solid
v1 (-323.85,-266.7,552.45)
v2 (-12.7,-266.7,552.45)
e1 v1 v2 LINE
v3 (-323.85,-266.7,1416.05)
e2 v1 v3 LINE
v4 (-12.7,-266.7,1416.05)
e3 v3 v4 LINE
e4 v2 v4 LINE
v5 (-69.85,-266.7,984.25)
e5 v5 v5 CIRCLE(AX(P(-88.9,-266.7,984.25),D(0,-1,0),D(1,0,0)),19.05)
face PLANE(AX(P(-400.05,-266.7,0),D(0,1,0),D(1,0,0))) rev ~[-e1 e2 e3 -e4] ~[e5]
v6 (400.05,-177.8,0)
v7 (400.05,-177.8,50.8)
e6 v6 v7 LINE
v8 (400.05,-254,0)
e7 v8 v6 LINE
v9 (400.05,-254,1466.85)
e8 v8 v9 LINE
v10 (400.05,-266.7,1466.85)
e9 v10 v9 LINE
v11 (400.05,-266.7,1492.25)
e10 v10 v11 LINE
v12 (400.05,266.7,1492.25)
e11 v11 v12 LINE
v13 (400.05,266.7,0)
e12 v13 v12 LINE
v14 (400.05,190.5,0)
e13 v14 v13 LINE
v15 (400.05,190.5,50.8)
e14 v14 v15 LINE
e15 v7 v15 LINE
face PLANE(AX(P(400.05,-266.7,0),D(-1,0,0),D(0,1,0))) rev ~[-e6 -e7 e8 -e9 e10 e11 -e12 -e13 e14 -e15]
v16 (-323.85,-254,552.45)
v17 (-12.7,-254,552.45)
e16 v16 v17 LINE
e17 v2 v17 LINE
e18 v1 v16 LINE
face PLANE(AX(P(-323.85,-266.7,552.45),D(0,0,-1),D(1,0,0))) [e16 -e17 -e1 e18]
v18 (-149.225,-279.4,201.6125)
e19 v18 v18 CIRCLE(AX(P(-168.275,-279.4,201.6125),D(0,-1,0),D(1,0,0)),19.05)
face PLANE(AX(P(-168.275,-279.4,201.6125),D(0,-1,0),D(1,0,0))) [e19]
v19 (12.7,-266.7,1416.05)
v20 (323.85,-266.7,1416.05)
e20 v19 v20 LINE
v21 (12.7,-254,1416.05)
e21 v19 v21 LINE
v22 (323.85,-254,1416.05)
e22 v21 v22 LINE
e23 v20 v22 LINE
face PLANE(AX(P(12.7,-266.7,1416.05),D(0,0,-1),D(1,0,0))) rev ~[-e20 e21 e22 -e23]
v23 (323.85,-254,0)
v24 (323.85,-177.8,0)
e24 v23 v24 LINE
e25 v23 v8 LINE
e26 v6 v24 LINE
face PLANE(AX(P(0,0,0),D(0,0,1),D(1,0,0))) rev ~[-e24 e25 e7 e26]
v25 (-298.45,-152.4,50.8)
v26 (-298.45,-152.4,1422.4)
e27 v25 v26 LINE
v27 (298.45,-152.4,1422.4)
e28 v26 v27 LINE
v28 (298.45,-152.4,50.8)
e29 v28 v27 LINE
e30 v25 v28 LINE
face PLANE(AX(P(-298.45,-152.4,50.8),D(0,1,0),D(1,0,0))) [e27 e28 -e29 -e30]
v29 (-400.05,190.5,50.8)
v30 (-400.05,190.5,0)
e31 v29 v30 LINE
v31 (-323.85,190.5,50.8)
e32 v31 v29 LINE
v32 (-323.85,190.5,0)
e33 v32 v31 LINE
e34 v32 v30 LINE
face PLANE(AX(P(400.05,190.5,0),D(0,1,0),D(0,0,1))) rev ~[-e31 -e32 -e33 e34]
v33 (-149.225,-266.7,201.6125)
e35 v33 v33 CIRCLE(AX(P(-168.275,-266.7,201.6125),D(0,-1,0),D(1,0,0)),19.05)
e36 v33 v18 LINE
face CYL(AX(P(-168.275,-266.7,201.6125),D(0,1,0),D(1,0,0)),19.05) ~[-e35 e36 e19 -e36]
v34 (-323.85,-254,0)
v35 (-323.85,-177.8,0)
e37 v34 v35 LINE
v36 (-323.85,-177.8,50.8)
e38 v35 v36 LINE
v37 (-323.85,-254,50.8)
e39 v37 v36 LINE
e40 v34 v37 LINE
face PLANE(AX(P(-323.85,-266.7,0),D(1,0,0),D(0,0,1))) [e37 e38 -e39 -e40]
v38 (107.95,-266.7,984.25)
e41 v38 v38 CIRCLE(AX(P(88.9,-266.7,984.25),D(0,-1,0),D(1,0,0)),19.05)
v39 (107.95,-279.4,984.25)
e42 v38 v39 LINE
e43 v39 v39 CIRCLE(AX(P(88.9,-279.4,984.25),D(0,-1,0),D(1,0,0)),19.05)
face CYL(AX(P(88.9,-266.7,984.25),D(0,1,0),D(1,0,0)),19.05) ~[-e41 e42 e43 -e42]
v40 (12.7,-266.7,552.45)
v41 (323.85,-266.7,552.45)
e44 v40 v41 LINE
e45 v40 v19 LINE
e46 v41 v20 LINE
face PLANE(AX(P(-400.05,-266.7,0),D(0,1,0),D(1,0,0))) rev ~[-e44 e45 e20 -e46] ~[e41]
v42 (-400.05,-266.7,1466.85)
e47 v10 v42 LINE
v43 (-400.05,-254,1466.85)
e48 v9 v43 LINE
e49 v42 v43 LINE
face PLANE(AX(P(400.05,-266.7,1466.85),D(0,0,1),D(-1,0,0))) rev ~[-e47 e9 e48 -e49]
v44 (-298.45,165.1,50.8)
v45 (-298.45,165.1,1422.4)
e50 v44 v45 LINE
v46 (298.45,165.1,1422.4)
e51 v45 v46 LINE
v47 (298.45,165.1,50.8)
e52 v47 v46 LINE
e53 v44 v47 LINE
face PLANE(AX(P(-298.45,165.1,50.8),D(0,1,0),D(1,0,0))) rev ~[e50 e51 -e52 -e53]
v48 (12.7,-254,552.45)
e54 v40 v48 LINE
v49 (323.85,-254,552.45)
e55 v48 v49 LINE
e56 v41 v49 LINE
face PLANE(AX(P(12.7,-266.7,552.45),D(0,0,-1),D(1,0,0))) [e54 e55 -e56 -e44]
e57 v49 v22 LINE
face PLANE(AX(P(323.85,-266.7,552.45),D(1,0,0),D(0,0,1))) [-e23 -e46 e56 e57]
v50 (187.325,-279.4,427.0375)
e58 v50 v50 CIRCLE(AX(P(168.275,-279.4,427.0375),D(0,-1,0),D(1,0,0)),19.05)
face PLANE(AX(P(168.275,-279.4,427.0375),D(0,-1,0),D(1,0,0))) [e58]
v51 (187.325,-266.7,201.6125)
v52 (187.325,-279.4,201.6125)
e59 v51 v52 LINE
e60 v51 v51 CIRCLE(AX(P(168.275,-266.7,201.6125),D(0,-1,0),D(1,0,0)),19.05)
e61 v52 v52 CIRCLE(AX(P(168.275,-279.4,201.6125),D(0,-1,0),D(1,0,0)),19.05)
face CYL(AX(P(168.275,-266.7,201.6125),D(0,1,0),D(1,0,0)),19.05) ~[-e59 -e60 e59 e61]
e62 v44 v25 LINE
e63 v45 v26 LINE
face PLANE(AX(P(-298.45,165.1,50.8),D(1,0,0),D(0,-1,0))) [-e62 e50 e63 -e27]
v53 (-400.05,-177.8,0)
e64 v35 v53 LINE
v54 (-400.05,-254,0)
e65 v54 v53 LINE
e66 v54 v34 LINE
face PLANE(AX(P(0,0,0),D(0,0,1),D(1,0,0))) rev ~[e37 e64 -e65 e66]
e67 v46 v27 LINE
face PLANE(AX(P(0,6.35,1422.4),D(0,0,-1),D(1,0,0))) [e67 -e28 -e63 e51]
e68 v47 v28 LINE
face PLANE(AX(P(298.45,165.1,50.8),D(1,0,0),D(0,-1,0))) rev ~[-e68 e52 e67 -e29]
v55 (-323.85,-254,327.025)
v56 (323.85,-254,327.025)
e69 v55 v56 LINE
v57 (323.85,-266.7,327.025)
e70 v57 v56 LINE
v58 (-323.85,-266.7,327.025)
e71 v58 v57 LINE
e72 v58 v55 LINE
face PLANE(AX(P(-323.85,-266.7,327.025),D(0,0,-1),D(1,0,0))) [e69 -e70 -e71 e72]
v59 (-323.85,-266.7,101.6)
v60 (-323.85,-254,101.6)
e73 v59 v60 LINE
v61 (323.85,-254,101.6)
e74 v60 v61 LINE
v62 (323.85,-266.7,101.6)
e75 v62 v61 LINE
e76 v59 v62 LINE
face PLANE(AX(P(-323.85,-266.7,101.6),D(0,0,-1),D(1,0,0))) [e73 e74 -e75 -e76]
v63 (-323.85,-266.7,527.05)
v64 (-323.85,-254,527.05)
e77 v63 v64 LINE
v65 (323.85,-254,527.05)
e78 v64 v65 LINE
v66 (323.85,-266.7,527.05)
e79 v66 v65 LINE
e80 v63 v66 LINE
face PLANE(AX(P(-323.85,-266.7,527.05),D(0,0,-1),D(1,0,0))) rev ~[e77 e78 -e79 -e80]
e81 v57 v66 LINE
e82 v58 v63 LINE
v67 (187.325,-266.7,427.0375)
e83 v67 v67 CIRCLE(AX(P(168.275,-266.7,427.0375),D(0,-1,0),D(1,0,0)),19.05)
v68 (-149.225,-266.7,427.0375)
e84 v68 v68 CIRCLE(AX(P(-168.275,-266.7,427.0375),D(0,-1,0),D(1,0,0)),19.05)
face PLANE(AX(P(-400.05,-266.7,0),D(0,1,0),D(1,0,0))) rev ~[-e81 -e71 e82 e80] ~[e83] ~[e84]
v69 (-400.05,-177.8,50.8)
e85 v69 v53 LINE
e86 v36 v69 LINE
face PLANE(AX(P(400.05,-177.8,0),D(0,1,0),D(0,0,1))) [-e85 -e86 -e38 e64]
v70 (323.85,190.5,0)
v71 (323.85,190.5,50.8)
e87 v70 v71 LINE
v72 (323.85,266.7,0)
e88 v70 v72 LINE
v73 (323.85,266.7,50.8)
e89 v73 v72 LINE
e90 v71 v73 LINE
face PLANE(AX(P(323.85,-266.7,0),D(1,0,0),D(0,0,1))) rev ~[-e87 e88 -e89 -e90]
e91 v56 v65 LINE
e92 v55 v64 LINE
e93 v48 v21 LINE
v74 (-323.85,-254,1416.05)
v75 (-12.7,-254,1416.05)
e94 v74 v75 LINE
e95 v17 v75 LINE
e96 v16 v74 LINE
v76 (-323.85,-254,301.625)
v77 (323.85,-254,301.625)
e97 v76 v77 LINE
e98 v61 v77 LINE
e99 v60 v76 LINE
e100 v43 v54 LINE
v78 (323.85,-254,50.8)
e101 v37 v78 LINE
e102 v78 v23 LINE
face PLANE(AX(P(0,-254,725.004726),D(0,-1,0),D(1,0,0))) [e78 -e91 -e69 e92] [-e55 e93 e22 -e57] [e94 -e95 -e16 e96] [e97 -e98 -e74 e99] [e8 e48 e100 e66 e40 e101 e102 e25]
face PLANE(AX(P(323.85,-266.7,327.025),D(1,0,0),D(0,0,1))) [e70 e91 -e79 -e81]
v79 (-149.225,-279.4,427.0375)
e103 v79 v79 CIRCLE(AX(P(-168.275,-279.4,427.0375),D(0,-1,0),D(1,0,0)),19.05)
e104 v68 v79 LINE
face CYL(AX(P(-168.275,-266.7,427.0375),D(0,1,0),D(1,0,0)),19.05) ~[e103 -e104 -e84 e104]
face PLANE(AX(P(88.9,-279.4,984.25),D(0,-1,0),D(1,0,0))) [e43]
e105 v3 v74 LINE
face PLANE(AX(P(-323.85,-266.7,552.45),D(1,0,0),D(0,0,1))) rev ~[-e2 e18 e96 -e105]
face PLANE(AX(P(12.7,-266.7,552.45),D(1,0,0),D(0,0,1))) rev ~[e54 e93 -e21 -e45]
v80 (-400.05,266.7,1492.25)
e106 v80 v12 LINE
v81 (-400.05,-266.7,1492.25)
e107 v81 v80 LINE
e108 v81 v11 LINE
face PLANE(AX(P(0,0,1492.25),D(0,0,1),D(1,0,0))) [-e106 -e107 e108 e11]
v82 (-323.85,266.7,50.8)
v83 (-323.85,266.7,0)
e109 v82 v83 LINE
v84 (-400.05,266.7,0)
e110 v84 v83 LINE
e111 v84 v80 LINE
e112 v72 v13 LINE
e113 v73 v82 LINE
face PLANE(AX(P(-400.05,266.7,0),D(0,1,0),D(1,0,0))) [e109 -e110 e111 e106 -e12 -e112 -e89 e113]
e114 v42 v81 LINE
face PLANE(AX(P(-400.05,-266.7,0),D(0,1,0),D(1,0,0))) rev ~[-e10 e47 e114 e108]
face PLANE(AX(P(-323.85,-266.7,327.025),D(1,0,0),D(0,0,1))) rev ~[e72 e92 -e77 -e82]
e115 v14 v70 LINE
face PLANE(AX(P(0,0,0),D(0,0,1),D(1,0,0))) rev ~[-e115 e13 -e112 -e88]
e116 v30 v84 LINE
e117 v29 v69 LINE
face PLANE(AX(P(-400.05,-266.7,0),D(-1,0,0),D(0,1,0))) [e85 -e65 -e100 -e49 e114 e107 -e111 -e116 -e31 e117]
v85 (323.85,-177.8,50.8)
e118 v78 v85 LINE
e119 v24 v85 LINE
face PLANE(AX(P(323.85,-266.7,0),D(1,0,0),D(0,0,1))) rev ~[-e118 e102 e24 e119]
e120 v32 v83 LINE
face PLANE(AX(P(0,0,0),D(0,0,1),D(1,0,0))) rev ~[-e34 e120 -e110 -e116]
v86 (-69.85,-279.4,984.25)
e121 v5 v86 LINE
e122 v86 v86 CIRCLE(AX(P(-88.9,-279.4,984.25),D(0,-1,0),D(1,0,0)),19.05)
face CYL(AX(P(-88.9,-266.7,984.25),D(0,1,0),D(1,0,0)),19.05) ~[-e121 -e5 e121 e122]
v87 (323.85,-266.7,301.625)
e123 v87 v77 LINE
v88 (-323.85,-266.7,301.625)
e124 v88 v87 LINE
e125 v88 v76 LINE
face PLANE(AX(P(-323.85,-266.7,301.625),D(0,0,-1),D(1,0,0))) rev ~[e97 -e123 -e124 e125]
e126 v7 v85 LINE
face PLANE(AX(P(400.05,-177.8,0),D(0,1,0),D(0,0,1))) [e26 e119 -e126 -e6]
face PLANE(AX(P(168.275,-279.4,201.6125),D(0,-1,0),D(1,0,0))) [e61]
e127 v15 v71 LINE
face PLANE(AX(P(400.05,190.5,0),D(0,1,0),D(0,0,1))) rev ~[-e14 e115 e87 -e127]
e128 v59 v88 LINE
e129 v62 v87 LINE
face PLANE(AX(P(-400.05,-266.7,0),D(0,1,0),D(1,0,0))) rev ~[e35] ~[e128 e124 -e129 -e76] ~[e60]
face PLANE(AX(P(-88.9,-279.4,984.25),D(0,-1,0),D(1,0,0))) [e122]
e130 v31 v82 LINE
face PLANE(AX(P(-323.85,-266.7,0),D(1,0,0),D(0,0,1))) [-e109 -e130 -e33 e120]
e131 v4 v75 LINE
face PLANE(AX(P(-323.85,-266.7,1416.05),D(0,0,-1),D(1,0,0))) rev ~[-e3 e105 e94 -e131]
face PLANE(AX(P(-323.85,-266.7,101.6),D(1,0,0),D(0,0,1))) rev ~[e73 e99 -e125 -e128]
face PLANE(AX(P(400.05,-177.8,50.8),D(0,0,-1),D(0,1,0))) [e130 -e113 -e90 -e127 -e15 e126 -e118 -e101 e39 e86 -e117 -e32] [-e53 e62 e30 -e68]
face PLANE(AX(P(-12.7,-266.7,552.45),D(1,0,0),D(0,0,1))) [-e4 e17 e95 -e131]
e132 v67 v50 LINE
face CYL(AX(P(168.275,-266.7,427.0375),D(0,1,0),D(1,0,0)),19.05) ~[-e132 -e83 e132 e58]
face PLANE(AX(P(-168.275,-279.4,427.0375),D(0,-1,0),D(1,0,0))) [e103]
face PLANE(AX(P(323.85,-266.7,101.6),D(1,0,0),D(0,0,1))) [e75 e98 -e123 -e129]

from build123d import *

# Parameters (mm, degrees)
F0_W      = 800.1
F0_H      = 533.4
F1_DEPTH  = 1492.25
F2_W      = 647.7
F2_H      = 200.025
F2_W_2    = 311.15
F2_H_2    = 863.6
F3_DEPTH  = 12.7
F2_H_3    = 50.8
F4_DEPTH  = 533.401
F5_W      = 368.3
F5_H      = 50.8
F6_DEPTH  = 800.101
F7_W      = 596.9
F7_H      = 317.5
F8_DEPTH  = 1371.6
F9_R      = 19.05
F10_DEPTH = 12.7


with BuildPart() as f1:
    # F0 (on Top) → F1 (new body)
    with BuildSketch(Plane.XY):
        Rectangle(F0_W, F0_H)
    extrude(amount=F1_DEPTH)

    # F2 (on face) → F3 (cut)
    with BuildSketch(Plane.XZ.offset(266.7)):
        Polygon((-400.05, 0), (-323.85, 0), (-323.85, 50.8), (323.85, 50.8), (323.85, 0), (400.05, 0), (400.05, 1466.85), (-400.05, 1466.85), align=None)
        with Locations((0, 201.6125)):
            Rectangle(F2_W, F2_H, mode=Mode.SUBTRACT)
        with Locations((0, 427.0375)):
            Rectangle(F2_W, F2_H, mode=Mode.SUBTRACT)
        with Locations((-168.275, 984.25)):
            Rectangle(F2_W_2, F2_H_2, mode=Mode.SUBTRACT)
        with Locations((168.275, 984.25)):
            Rectangle(F2_W_2, F2_H_2, mode=Mode.SUBTRACT)
    extrude(amount=-F3_DEPTH, mode=Mode.SUBTRACT)

    # F2 (on face) → F4 (cut, through all)
    with BuildSketch(Plane.XZ.offset(266.7)):
        with Locations((0, 25.4)):
            Rectangle(F2_W, F2_H_3)
    extrude(amount=-F4_DEPTH, mode=Mode.SUBTRACT)

    # F5 (on face) → F6 (cut, through all)
    with BuildSketch(Plane.YZ.offset(400.05)):
        with Locations((6.35, 25.4)):
            Rectangle(F5_W, F5_H)
    extrude(amount=-F6_DEPTH, mode=Mode.SUBTRACT)

    # F7 (on face) → F8 (cut)
    with BuildSketch(Plane(origin=(0, 0, 50.8), x_dir=(1, 0, 0), z_dir=(0, 0, -1))):
        with Locations((0, -6.35)):
            Rectangle(F7_W, F7_H)
    extrude(amount=-F8_DEPTH, mode=Mode.SUBTRACT)

    # F9 (on face) → F10 (join)
    with BuildSketch(Plane.XZ.offset(266.7)):
        with Locations((-88.9, 984.25)):
            Circle(F9_R)
        with Locations((88.9, 984.25)):
            Circle(F9_R)
        with Locations((168.275, 427.0375)):
            Circle(F9_R)
        with Locations((-168.275, 427.0375)):
            Circle(F9_R)
        with Locations((-168.275, 201.6125)):
            Circle(F9_R)
        with Locations((168.275, 201.6125)):
            Circle(F9_R)
    extrude(amount=F10_DEPTH)


solid = f1.part
